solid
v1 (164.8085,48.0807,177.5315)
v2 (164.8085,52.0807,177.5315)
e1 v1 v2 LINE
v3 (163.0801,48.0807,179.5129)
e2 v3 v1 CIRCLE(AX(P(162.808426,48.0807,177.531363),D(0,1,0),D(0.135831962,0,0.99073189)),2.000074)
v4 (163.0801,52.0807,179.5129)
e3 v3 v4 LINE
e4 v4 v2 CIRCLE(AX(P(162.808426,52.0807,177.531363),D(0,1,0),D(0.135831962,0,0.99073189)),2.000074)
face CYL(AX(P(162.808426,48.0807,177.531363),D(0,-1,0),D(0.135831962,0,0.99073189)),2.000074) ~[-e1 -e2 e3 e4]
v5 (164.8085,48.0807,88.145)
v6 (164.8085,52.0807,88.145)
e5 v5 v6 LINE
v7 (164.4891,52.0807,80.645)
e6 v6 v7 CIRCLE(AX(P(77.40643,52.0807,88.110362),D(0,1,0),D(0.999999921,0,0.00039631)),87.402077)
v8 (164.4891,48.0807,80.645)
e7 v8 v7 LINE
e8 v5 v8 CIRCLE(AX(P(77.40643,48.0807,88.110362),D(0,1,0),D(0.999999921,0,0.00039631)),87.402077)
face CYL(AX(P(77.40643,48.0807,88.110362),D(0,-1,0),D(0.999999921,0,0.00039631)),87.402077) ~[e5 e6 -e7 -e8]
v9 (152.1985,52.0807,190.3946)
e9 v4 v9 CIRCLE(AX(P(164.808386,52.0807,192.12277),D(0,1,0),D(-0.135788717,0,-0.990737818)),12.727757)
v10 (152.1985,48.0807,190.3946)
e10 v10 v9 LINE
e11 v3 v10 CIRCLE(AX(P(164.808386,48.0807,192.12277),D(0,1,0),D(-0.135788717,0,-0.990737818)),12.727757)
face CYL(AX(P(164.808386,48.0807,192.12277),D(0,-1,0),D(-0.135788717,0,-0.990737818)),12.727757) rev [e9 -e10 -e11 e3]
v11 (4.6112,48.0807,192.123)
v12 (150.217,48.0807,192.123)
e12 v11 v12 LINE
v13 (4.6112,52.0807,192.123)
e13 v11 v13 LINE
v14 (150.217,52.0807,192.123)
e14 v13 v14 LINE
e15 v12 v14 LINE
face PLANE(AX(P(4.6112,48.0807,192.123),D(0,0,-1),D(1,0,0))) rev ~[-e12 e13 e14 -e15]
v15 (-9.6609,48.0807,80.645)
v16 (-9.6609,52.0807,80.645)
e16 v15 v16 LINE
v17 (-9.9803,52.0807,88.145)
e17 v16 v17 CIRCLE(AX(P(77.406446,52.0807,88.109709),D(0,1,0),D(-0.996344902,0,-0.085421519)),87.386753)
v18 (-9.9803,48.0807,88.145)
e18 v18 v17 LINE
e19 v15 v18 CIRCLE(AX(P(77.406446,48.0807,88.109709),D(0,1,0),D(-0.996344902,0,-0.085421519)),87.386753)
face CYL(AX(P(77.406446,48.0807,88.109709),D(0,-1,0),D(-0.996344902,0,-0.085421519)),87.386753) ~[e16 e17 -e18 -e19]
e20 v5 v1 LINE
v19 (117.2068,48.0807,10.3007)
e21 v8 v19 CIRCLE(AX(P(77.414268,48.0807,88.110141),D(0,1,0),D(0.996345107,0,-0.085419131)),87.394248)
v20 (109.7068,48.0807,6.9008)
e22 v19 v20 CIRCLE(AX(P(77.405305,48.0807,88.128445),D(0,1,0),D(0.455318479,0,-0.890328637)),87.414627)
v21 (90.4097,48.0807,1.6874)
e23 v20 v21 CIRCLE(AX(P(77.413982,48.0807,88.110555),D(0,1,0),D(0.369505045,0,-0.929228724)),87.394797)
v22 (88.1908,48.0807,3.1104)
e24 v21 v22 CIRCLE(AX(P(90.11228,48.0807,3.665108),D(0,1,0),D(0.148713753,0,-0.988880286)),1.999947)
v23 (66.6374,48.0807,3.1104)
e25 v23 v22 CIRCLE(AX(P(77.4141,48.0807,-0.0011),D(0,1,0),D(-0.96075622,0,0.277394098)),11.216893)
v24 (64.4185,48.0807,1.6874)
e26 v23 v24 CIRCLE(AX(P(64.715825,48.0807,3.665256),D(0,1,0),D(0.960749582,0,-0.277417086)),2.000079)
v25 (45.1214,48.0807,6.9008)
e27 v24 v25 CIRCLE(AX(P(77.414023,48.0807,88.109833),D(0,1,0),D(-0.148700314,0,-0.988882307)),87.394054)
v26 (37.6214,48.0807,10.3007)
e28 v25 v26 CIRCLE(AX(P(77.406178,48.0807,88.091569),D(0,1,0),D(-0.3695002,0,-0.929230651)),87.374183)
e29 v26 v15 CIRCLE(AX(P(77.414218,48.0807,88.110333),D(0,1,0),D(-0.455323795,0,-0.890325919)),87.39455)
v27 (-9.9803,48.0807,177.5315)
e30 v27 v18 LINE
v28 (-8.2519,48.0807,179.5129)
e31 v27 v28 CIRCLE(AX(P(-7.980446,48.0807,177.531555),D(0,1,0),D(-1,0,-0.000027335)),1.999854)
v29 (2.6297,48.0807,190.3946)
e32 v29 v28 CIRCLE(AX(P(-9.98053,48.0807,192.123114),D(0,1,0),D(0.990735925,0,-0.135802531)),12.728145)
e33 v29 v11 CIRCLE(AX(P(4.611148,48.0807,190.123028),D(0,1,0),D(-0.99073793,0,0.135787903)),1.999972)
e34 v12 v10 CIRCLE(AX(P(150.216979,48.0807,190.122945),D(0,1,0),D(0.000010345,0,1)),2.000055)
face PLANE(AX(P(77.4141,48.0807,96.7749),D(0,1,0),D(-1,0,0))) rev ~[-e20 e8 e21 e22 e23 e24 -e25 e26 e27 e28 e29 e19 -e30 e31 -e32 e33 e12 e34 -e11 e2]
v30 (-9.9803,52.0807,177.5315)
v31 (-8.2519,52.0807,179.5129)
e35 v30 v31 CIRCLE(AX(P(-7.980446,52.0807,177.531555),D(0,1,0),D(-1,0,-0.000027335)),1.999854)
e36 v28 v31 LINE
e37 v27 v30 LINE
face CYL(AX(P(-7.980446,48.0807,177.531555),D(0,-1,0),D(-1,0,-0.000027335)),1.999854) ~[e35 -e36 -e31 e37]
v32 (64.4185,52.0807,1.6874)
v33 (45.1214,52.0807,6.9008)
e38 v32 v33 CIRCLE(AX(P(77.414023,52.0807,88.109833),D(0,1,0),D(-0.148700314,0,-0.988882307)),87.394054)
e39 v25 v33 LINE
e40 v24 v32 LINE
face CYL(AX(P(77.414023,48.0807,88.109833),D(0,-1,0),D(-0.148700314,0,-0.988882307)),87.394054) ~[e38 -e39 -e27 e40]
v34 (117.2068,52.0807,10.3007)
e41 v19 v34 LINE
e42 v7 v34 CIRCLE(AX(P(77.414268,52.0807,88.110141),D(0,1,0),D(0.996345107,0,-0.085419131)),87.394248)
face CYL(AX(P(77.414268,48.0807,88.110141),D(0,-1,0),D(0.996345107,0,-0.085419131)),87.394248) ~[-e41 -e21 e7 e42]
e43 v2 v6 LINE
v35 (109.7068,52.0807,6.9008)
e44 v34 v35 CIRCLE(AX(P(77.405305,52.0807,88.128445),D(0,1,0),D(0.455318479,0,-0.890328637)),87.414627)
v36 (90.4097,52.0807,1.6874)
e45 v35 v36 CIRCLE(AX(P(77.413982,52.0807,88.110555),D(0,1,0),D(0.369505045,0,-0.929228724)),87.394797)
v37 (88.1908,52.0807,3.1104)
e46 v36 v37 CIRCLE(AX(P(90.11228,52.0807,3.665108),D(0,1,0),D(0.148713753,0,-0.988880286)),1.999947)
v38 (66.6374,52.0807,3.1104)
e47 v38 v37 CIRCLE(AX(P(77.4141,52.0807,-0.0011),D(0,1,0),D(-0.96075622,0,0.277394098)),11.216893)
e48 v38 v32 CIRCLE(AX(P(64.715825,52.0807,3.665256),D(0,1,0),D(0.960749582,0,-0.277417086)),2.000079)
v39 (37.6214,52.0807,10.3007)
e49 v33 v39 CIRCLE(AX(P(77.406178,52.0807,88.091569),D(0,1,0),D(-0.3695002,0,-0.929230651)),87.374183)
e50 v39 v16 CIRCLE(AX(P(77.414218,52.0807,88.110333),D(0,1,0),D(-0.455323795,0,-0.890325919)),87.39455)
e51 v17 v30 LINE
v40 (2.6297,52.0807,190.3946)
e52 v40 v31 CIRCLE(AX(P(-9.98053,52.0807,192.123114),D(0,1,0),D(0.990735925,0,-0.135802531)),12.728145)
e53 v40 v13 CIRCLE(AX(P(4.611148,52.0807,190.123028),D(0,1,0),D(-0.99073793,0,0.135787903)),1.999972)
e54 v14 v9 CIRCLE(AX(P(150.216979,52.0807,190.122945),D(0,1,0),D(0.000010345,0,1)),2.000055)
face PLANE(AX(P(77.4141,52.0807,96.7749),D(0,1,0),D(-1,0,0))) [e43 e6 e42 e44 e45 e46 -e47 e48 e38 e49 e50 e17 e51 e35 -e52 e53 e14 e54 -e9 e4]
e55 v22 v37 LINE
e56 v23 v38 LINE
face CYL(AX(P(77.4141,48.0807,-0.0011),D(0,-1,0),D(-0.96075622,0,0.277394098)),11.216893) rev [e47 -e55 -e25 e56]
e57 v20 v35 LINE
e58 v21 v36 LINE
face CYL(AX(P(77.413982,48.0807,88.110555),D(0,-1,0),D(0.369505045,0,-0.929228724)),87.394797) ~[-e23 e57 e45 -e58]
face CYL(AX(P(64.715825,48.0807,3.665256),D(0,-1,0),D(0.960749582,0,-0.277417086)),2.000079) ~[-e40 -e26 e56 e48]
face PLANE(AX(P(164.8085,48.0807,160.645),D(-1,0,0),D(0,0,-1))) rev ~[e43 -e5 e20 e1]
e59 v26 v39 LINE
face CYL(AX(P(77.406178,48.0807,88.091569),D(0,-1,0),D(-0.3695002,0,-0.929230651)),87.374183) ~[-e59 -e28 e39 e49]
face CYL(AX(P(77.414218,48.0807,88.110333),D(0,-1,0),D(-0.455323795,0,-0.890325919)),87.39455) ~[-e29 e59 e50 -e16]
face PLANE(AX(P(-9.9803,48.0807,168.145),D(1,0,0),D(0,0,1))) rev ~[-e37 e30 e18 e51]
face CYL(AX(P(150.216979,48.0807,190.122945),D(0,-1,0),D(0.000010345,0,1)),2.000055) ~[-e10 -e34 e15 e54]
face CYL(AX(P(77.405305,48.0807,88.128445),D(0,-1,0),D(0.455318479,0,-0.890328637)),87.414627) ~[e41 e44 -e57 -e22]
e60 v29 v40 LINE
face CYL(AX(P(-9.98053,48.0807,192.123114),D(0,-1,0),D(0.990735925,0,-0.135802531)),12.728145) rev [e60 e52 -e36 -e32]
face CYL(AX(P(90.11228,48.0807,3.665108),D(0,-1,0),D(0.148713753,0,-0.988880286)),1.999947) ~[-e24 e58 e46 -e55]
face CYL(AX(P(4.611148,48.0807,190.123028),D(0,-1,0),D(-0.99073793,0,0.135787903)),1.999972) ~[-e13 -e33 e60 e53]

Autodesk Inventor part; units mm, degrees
ref_plane "YZ Plane" through (0, 0, 0) normal (1, 0, 0) x (0, 1, 0)
ref_plane "XZ Plane" through (0, 0, 0) normal (0, 1, 0) x (-1, 0, 0)
ref_plane "Work Plane1" through (77.4141, 48.0807, 96.7749) normal (0, 1, 0) x (-1, 0, 0)
sketch "Sketch1" plane through (77.4141, 48.0807, 96.7749) normal (0, 1, 0) x (-1, 0, 0)
  arc A0 (-12.9956, -95.0875) -> (-10.7767, -93.6645) centre (-12.6982, -93.1097) ccw projected
  arc A1 (10.7767, -93.6645) -> (-10.7767, -93.6645) centre (0, -96.776) ccw projected
  arc A2 (10.7767, -93.6645) -> (12.9956, -95.0875) centre (12.6982, -93.1097) ccw projected
  arc A3 (12.9956, -95.0875) -> (32.2927, -89.8741) centre (0, -8.6647) ccw projected
  line L0 (32.2927, -89.8741) -> (32.2927, -92.3799) projected
  arc A4 (32.2927, -92.3799) -> (39.7927, -92.3799) centre (36.0427, -92.3799) ccw projected
  line L1 (39.7927, -92.3799) -> (39.7927, -86.4742) projected
  arc A5 (39.7927, -86.4742) -> (87.075, -16.1299) centre (0, -8.6647) ccw projected
  line L2 (87.075, -16.1299) -> (91.0687, -16.1299) projected
  arc A6 (91.0687, -16.1299) -> (91.0687, -8.6299) centre (91.0687, -12.3799) ccw projected
  line L3 (91.0687, -8.6299) -> (87.3944, -8.6299) projected
  line L4 (87.3944, -8.6299) -> (87.3944, 63.8701) projected
  line L5 (87.3944, 63.8701) -> (91.1444, 63.8701) projected
  arc A7 (91.1444, 63.8701) -> (91.1444, 71.3701) centre (91.1444, 67.6201) ccw projected
  line L6 (91.1444, 71.3701) -> (87.3944, 71.3701) projected
  line L7 (87.3944, 71.3701) -> (87.3944, 80.7566) projected
  arc A8 (87.3944, 80.7566) -> (85.666, 82.738) centre (85.3944, 80.7566) ccw projected
  arc A9 (74.7844, 93.6197) -> (85.666, 82.738) centre (87.3944, 95.3481) ccw projected
  arc A10 (74.7844, 93.6197) -> (72.8029, 95.3481) centre (72.8029, 93.3481) ccw projected
  line L8 (72.8029, 95.3481) -> (-72.8029, 95.3481) projected
  arc A11 (-72.8029, 95.3481) -> (-74.7844, 93.6197) centre (-72.8029, 93.3481) ccw projected
  arc A12 (-85.666, 82.738) -> (-74.7844, 93.6197) centre (-87.3944, 95.3481) ccw projected
  arc A13 (-85.666, 82.738) -> (-87.3944, 80.7566) centre (-85.3944, 80.7566) ccw projected
  line L9 (-87.3944, 80.7566) -> (-87.3944, 71.3701) projected
  line L10 (-87.3944, 71.3701) -> (-91.1444, 71.3701) projected
  arc A14 (-91.1444, 71.3701) -> (-91.1444, 63.8701) centre (-91.1444, 67.6201) ccw projected
  line L11 (-91.1444, 63.8701) -> (-87.3944, 63.8701) projected
  line L12 (-87.3944, 63.8701) -> (-87.3944, -8.6299) projected
  line L13 (-87.3944, -8.6299) -> (-91.1444, -8.6299) projected
  arc A15 (-91.1444, -8.6299) -> (-91.1444, -16.1299) centre (-91.1444, -12.3799) ccw projected
  line L14 (-91.1444, -16.1299) -> (-87.075, -16.1299) projected
  arc A16 (-87.075, -16.1299) -> (-39.7927, -86.4742) centre (0, -8.6647) ccw projected
  line L15 (-39.7927, -86.4742) -> (-39.7927, -92.3799) projected
  arc A17 (-39.7927, -92.3799) -> (-32.2927, -92.3799) centre (-36.0427, -92.3799) ccw projected
  line L16 (-32.2927, -92.3799) -> (-32.2927, -89.8741) projected
  arc A18 (-32.2927, -89.8741) -> (-12.9956, -95.0875) centre (0, -8.6647) ccw projected
  circle A19 centre (-36.0427, -92.3799) radius 1.85 projected
  circle A20 centre (91.1444, 67.6201) radius 1.85 projected
  circle A21 centre (36.0427, -92.3799) radius 1.85 projected
  circle A22 centre (-91.1444, 67.6201) radius 1.85 projected
  circle A23 centre (-91.1444, -12.3799) radius 1.85 projected
  circle A24 centre (91.0687, -12.3799) radius 1.85 projected
  arc A25 (85.9744, 79.5665) -> (84.398, 81.5211) centre (83.9744, 79.5665) ccw projected
  line L17 (85.9744, 79.5665) -> (85.9744, -8.6647) projected
  arc A26 (13.9862, -93.4939) -> (85.9744, -8.6647) centre (0, -8.6647) ccw projected
  arc A27 (11.7942, -92.2386) -> (13.9862, -93.4939) centre (13.6608, -91.5205) ccw projected
  arc A28 (11.7942, -92.2386) -> (-11.7942, -92.2386) centre (0, -96.776) ccw projected
  arc A29 (-13.9862, -93.4939) -> (-11.7942, -92.2386) centre (-13.6608, -91.5205) ccw projected
  arc A30 (-85.9744, -8.6647) -> (-13.9862, -93.4939) centre (0, -8.6647) ccw projected
  line L18 (-85.9744, -8.6647) -> (-85.9744, 79.5665) projected
  arc A31 (-84.398, 81.5211) -> (-85.9744, 79.5665) centre (-83.9744, 79.5665) ccw projected
  arc A32 (-84.398, 81.5211) -> (-73.5675, 92.3516) centre (-87.3944, 95.3481) ccw projected
  arc A33 (-71.6128, 93.9281) -> (-73.5675, 92.3516) centre (-71.6128, 91.9281) ccw projected
  line L19 (-71.6128, 93.9281) -> (71.6128, 93.9281) projected
  arc A34 (73.5675, 92.3516) -> (71.6128, 93.9281) centre (71.6128, 91.9281) ccw projected
  arc A35 (73.5675, 92.3516) -> (84.398, 81.5211) centre (87.3944, 95.3481) ccw projected
  arc A36 (32.2927, -89.8741) -> (39.7927, -86.4742) centre (0, -8.6647) ccw
  arc A37 (-39.7927, -86.4742) -> (-32.2927, -89.8741) centre (0, -8.6647) ccw
  arc A38 (-87.3944, -8.6299) -> (-87.075, -16.1299) centre (0, -8.6647) ccw
  line L20 (-87.3944, 71.3701) -> (-87.3944, 63.8701)
  line L21 (87.3944, 71.3701) -> (87.3944, 63.8701)
  arc A39 (87.075, -16.1299) -> (87.3944, -8.6299) centre (0, -8.6647) ccw
  point P0 (77.4141, -96.7749)
extrude "Extrusion1" add sketch "Sketch1" along normal blind 4 contours A18 A37 A16 A38 L12 L20 L9 A13 A12 A11 L8 A10 A9 A8 L7 L21 L4 A39 A5 A36 A3 A2 A1 A0 | L17 A26 A27 A28 A29 A30 L18 A31 A32 A33 L19 A34 A35 A25
properties part number "acrylic_lens" material "Acrylic, Clear"
